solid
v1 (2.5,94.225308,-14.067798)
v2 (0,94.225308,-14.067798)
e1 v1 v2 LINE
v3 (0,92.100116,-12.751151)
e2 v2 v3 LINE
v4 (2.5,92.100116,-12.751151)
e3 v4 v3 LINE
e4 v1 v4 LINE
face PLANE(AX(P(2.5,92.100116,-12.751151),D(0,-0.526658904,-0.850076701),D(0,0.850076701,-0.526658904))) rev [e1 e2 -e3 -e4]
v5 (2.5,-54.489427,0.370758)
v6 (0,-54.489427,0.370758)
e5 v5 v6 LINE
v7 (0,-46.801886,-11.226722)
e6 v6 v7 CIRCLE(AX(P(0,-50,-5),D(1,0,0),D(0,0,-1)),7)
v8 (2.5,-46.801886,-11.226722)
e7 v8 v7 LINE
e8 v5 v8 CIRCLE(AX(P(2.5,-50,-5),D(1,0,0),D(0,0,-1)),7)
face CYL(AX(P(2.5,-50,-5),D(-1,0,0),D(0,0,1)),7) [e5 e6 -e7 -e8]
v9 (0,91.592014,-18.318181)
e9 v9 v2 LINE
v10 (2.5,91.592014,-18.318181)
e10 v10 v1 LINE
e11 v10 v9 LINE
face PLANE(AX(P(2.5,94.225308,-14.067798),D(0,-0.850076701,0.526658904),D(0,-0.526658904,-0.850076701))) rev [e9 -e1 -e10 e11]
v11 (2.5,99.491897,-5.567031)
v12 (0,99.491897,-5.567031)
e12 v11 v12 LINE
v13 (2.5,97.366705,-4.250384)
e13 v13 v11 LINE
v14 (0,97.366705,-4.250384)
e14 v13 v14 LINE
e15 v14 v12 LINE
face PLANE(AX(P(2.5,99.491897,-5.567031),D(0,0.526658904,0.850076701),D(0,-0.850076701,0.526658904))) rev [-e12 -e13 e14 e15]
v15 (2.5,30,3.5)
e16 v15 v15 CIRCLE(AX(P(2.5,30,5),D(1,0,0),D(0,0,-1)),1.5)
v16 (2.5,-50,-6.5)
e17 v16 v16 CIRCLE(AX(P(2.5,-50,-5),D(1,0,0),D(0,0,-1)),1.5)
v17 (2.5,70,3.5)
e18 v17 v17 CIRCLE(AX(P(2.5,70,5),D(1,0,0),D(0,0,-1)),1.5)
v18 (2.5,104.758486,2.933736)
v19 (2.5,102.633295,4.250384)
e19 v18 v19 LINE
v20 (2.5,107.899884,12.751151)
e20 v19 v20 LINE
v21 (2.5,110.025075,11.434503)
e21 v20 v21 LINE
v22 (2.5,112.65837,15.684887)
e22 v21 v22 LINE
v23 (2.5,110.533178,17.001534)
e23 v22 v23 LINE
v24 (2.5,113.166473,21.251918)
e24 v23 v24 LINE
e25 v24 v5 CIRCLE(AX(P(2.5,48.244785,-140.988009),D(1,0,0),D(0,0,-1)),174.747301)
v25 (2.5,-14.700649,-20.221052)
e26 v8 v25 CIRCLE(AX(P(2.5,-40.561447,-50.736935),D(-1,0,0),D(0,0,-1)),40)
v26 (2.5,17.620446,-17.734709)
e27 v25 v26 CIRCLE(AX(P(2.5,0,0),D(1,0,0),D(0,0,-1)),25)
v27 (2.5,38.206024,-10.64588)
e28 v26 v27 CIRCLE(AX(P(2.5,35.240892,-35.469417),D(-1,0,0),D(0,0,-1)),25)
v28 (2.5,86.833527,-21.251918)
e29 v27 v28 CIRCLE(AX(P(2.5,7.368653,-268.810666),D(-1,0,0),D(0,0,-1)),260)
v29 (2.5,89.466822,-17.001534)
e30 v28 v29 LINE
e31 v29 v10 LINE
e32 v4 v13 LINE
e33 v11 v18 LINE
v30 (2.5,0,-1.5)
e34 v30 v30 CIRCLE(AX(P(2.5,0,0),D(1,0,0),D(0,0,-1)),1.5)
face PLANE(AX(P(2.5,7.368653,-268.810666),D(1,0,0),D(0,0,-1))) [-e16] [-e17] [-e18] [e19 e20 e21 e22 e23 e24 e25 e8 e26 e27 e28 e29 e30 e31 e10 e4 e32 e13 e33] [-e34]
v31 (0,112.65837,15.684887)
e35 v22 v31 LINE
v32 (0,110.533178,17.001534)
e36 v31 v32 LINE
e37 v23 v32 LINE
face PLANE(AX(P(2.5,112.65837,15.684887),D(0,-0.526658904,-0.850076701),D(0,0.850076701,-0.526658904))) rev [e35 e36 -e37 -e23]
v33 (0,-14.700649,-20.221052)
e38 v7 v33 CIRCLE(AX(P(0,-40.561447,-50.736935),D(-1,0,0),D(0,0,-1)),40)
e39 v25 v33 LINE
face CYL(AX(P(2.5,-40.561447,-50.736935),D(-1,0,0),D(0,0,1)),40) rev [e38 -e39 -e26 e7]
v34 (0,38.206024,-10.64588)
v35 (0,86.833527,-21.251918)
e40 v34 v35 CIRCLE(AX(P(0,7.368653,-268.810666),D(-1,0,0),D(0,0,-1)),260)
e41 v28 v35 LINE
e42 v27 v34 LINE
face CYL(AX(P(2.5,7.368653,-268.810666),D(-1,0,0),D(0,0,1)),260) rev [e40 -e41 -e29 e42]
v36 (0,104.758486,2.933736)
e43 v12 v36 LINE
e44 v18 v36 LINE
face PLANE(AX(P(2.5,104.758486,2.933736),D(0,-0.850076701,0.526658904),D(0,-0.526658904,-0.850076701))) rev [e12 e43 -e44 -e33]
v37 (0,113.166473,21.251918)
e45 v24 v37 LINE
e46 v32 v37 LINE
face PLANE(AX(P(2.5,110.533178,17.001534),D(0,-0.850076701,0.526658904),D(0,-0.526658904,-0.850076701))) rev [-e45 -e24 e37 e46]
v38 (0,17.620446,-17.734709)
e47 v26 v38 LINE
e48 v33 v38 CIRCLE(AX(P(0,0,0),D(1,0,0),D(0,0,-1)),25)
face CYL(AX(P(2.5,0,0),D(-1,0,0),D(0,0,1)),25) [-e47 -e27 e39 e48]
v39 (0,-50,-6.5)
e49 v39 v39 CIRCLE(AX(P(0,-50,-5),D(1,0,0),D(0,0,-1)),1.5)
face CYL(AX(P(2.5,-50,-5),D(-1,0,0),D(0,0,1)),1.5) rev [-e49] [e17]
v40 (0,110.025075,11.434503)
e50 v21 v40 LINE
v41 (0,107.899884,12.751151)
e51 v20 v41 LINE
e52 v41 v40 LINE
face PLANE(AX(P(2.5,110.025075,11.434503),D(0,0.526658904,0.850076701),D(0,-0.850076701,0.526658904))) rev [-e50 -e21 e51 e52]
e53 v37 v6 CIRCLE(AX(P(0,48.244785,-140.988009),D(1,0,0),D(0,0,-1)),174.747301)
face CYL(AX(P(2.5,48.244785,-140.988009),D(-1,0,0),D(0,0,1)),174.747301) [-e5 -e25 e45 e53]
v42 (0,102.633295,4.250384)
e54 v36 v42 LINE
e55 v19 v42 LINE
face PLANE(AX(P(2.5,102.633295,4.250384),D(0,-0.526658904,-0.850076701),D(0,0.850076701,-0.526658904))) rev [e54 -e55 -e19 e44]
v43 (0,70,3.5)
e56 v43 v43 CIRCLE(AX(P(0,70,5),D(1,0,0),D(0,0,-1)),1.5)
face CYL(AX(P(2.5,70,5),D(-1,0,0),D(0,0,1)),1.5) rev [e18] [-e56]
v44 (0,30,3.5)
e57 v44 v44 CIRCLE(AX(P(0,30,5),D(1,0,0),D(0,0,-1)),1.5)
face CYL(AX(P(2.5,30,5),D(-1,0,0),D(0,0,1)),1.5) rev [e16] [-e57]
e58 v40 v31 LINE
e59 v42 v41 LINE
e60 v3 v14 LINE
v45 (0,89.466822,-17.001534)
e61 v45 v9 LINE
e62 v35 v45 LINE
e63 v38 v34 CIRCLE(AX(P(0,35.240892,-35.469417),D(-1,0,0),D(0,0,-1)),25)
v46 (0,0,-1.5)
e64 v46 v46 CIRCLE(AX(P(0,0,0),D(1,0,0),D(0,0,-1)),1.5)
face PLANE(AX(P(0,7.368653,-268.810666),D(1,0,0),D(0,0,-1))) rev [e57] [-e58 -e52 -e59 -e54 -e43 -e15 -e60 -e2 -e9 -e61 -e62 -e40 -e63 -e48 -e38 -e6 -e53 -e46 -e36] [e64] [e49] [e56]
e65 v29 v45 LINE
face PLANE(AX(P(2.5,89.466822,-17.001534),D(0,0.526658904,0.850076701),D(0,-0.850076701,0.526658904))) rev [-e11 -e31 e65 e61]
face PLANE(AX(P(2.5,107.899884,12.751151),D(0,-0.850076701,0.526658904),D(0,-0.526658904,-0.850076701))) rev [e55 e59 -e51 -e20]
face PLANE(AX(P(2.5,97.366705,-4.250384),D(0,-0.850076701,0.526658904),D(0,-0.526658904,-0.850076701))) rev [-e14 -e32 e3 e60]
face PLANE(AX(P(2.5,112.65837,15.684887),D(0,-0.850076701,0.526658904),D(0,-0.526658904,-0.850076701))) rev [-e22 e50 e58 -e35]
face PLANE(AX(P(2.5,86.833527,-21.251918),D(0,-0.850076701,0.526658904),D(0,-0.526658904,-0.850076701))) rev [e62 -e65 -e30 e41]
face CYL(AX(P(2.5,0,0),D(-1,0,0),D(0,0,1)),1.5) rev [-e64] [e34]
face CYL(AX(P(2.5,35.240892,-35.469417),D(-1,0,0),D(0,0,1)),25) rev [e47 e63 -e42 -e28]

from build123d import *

# Parameters (mm, degrees)
CROQUIS1_R              = 1.5
SALIENTE_EXTRUIR1_DEPTH = 2.5


with BuildPart() as part:
    # Croquis1 → Saliente-Extruir1 (new body)
    with BuildSketch(Plane(origin=(0, 0, 0), x_dir=(0, 0, -1), z_dir=(1, 0, 0))):
        with BuildLine():
            Line((21.251917537, 86.83352739), (17.00153403, 89.466821912))
            Line((17.00153403, 89.466821912), (18.318181291, 91.592013666))
            Line((18.318181291, 91.592013666), (14.067797783, 94.225308188))
            Line((14.067797783, 94.225308188), (12.751150522, 92.100116434))
            Line((12.751150522, 92.100116434), (4.250383507, 97.366705478))
            Line((4.250383507, 97.366705478), (5.567030768, 99.491897232))
            Line((5.567030768, 99.491897232), (-2.933736246, 104.758486276))
            Line((-2.933736246, 104.758486276), (-4.250383507, 102.633294522))
            Line((-4.250383507, 102.633294522), (-12.751150522, 107.899883566))
            Line((-12.751150522, 107.899883566), (-11.434503261, 110.02507532))
            Line((-11.434503261, 110.02507532), (-15.684886769, 112.658369842))
            Line((-15.684886769, 112.658369842), (-17.00153403, 110.533178088))
            Line((-17.00153403, 110.533178088), (-21.251917537, 113.16647261))
            ThreePointArc((-21.251917537, 113.16647261), (-32.419507908, 26.647274601), (-0.370758332, -54.489427017))
            ThreePointArc((-0.370758332, -54.489427017), (8.867523579, -55.834574652), (11.226722216, -46.801886424))
            ThreePointArc((11.226722216, -46.801886424), (12.220238585, -29.769593029), (20.221051617, -14.700648676))
            ThreePointArc((20.221051617, -14.700648676), (24.926355942, 1.917493015), (17.734708518, 17.620445902))
            ThreePointArc((17.734708518, 17.620445902), (11.831680909, 27.101025049), (10.645879945, 38.206023562))
            ThreePointArc((10.645879945, 38.206023562), (14.782652045, 62.774142971), (21.251917537, 86.83352739))
        make_face()
        with Locations((5, -50)):
            Circle(CROQUIS1_R, mode=Mode.SUBTRACT)
        Circle(CROQUIS1_R, mode=Mode.SUBTRACT)
        with Locations((-5, 30)):
            Circle(CROQUIS1_R, mode=Mode.SUBTRACT)
        with Locations((-5, 70)):
            Circle(CROQUIS1_R, mode=Mode.SUBTRACT)
    extrude(amount=SALIENTE_EXTRUIR1_DEPTH)


solid = part.part
